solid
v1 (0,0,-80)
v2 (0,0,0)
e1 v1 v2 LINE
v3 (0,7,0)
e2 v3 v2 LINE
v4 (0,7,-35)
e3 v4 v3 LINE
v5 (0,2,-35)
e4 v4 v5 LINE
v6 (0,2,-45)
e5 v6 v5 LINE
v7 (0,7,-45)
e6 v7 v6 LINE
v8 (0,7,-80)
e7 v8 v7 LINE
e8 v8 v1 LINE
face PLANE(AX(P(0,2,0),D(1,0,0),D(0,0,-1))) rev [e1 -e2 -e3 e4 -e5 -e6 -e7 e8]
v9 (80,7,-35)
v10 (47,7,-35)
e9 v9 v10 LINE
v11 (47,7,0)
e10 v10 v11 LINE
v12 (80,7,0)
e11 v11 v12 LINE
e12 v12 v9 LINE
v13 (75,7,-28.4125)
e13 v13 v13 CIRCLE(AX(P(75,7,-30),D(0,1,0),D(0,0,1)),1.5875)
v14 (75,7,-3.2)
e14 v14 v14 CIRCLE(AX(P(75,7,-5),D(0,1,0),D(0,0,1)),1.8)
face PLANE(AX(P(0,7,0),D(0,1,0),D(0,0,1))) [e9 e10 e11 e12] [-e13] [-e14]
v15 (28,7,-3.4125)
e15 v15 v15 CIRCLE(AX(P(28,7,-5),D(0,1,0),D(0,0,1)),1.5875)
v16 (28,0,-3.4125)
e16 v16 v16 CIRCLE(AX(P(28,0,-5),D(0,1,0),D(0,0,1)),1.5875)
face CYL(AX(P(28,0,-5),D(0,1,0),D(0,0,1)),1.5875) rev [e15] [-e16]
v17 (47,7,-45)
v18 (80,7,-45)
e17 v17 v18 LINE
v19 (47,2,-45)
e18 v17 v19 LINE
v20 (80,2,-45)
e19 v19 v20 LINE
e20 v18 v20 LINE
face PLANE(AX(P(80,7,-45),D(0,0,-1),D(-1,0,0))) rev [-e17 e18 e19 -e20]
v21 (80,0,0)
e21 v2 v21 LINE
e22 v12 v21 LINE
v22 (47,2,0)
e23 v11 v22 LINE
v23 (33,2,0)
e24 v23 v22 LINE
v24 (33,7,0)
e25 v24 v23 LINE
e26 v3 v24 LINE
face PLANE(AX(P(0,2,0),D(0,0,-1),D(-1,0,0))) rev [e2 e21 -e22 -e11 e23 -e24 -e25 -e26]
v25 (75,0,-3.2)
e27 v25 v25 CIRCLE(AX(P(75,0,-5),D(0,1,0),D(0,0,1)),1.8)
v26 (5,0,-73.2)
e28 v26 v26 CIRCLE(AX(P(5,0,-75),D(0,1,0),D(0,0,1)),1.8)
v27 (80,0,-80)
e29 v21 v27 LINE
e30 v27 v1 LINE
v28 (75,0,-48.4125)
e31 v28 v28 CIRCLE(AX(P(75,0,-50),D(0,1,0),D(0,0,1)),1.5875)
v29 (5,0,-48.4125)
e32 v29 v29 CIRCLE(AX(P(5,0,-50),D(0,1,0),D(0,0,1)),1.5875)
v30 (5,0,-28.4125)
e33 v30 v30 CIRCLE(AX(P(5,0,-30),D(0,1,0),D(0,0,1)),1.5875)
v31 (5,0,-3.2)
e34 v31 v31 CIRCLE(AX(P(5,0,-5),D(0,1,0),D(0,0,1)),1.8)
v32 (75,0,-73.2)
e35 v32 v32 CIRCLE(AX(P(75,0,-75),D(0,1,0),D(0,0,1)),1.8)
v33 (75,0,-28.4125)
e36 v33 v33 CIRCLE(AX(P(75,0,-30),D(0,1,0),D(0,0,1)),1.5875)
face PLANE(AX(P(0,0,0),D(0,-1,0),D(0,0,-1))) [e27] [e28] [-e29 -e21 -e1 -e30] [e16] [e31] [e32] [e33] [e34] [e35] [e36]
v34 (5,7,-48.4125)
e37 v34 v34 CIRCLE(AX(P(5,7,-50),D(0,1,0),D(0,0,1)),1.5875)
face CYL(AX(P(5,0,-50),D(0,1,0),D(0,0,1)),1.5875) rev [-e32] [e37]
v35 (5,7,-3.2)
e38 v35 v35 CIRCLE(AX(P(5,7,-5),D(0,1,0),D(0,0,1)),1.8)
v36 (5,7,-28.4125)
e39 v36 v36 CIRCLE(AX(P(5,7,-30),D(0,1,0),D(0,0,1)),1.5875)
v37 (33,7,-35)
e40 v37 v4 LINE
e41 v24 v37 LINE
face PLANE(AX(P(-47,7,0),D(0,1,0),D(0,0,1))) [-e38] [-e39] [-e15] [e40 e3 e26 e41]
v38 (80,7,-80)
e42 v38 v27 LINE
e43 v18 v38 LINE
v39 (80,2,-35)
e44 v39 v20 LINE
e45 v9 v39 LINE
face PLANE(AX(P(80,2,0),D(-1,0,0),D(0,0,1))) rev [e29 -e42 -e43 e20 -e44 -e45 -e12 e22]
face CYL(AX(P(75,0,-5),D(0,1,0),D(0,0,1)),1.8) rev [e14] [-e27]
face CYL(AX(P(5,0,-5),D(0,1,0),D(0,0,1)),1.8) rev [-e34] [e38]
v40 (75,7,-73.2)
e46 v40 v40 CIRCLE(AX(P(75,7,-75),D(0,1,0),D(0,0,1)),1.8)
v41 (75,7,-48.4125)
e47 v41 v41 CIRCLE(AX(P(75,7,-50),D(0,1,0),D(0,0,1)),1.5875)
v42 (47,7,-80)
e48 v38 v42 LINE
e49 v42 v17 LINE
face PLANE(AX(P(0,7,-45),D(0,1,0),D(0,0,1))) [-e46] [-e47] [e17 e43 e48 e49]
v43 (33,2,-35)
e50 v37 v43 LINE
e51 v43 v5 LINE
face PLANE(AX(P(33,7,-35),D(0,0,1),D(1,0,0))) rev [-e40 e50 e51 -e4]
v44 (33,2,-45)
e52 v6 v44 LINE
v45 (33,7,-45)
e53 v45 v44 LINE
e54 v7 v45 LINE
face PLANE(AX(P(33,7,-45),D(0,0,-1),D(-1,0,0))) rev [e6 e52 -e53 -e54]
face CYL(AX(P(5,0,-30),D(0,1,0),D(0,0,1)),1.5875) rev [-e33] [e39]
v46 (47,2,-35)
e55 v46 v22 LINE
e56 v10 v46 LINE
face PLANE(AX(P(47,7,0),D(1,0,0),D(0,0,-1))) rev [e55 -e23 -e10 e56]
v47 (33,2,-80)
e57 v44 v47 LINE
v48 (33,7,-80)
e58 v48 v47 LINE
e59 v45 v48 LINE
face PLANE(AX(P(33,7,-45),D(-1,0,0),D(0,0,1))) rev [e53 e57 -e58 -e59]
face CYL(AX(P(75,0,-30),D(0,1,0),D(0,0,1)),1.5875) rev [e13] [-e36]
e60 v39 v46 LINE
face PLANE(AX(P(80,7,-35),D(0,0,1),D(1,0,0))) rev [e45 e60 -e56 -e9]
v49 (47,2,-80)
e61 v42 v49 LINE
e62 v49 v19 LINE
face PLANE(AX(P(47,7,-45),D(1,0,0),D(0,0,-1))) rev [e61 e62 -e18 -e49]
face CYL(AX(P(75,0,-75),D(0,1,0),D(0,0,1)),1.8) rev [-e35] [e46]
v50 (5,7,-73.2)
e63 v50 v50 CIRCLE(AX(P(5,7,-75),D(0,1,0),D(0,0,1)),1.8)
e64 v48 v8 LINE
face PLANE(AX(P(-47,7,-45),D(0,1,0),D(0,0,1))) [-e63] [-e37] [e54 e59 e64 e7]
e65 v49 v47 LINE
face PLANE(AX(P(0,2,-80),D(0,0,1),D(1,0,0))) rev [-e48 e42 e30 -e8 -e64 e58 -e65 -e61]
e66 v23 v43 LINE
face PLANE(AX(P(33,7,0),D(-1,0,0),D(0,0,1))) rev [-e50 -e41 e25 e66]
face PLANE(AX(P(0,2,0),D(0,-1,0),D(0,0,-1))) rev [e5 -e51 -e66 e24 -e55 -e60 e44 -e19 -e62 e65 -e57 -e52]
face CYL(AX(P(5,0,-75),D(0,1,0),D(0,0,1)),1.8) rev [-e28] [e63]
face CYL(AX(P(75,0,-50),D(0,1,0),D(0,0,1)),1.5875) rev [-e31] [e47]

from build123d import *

# Parameters (mm, degrees)
SKETCH1_W                    = 80
SKETCH1_H                    = 80
PCB_DEPTH                    = 2
SKETCH7_W                    = 33
SKETCH7_H                    = 35
LIPO_ADAFRUIT_CHARGERS_DEPTH = 5
LPATTERN2_COUNT              = 2
LPATTERN2_PITCH              = 47
LPATTERN2_COUNT_DIR2         = 2
LPATTERN2_PITCH_DIR2         = 45
SKETCH4_R                    = 1.8
ATTACHMENT_HOLES_DEPTH       = 6
ATTACHMENT_HOLES_DEPTH_BACK  = 3
SKETCH8_R                    = 1.5875
CUT_EXTRUDE1_DEPTH           = 8
LPATTERN3_COUNT              = 2
LPATTERN3_PITCH              = 70
LPATTERN3_COUNT_DIR2         = 2
LPATTERN3_PITCH_DIR2         = 20
SKETCH9_R                    = 1.5875
CUT_EXTRUDE2_DEPTH           = 8


with BuildPart() as part:
    # Sketch1 → PCB (new body)
    with BuildSketch(Plane(origin=(0, 0, 0), x_dir=(1, 0, 0), z_dir=(0, 1, 0))):
        with Locations((40, 40)):
            Rectangle(SKETCH1_W, SKETCH1_H)
    extrude(amount=PCB_DEPTH)

    # Sketch7 → LiPo Adafruit Chargers (add)
    with BuildSketch(Plane(origin=(0, 2, 0), x_dir=(1, 0, 0), z_dir=(0, 1, 0))):
        with Locations((63.5, 17.5)):
            Rectangle(SKETCH7_W, SKETCH7_H)
    lipo_adafruit_chargers = extrude(amount=LIPO_ADAFRUIT_CHARGERS_DEPTH)

    # LPattern2: LiPo Adafruit Chargers 2 × 2
    with Locations(*[(-i * LPATTERN2_PITCH, 0, -j * LPATTERN2_PITCH_DIR2) for i in range(LPATTERN2_COUNT) for j in range(LPATTERN2_COUNT_DIR2) if (i, j) != (0, 0)]):
        add(lipo_adafruit_chargers)

    # Sketch4 → Attachment holes (cut, two sides)
    with BuildSketch(Plane(origin=(0, 2, 0), x_dir=(1, 0, 0), z_dir=(0, 1, 0))) as attachment_holes_sk:
        with Locations((5, 75)):
            Circle(SKETCH4_R)
        with Locations((75, 75)):
            Circle(SKETCH4_R)
        with Locations((75, 5)):
            Circle(SKETCH4_R)
        with Locations((5, 5)):
            Circle(SKETCH4_R)
    extrude(amount=ATTACHMENT_HOLES_DEPTH, mode=Mode.SUBTRACT)
    extrude(attachment_holes_sk.sketch, amount=-ATTACHMENT_HOLES_DEPTH_BACK, mode=Mode.SUBTRACT)

    # Sketch8 → Cut-Extrude1 (cut, through all)
    with BuildSketch(Plane(origin=(0, 7, 0), x_dir=(1, 0, 0), z_dir=(0, 1, 0))):
        with Locations((5, 30)):
            Circle(SKETCH8_R)
    cut_extrude1 = extrude(amount=-CUT_EXTRUDE1_DEPTH, mode=Mode.SUBTRACT)

    # LPattern3: Cut-Extrude1 2 × 2
    with Locations(*[(i * LPATTERN3_PITCH, 0, -j * LPATTERN3_PITCH_DIR2) for i in range(LPATTERN3_COUNT) for j in range(LPATTERN3_COUNT_DIR2) if (i, j) != (0, 0)]):
        add(cut_extrude1, mode=Mode.SUBTRACT)

    # Sketch9 → Cut-Extrude2 (cut, through all)
    with BuildSketch(Plane(origin=(0, 7, 0), x_dir=(1, 0, 0), z_dir=(0, 1, 0))):
        with Locations((28, 5)):
            Circle(SKETCH9_R)
    extrude(amount=-CUT_EXTRUDE2_DEPTH, mode=Mode.SUBTRACT)


solid = part.part
